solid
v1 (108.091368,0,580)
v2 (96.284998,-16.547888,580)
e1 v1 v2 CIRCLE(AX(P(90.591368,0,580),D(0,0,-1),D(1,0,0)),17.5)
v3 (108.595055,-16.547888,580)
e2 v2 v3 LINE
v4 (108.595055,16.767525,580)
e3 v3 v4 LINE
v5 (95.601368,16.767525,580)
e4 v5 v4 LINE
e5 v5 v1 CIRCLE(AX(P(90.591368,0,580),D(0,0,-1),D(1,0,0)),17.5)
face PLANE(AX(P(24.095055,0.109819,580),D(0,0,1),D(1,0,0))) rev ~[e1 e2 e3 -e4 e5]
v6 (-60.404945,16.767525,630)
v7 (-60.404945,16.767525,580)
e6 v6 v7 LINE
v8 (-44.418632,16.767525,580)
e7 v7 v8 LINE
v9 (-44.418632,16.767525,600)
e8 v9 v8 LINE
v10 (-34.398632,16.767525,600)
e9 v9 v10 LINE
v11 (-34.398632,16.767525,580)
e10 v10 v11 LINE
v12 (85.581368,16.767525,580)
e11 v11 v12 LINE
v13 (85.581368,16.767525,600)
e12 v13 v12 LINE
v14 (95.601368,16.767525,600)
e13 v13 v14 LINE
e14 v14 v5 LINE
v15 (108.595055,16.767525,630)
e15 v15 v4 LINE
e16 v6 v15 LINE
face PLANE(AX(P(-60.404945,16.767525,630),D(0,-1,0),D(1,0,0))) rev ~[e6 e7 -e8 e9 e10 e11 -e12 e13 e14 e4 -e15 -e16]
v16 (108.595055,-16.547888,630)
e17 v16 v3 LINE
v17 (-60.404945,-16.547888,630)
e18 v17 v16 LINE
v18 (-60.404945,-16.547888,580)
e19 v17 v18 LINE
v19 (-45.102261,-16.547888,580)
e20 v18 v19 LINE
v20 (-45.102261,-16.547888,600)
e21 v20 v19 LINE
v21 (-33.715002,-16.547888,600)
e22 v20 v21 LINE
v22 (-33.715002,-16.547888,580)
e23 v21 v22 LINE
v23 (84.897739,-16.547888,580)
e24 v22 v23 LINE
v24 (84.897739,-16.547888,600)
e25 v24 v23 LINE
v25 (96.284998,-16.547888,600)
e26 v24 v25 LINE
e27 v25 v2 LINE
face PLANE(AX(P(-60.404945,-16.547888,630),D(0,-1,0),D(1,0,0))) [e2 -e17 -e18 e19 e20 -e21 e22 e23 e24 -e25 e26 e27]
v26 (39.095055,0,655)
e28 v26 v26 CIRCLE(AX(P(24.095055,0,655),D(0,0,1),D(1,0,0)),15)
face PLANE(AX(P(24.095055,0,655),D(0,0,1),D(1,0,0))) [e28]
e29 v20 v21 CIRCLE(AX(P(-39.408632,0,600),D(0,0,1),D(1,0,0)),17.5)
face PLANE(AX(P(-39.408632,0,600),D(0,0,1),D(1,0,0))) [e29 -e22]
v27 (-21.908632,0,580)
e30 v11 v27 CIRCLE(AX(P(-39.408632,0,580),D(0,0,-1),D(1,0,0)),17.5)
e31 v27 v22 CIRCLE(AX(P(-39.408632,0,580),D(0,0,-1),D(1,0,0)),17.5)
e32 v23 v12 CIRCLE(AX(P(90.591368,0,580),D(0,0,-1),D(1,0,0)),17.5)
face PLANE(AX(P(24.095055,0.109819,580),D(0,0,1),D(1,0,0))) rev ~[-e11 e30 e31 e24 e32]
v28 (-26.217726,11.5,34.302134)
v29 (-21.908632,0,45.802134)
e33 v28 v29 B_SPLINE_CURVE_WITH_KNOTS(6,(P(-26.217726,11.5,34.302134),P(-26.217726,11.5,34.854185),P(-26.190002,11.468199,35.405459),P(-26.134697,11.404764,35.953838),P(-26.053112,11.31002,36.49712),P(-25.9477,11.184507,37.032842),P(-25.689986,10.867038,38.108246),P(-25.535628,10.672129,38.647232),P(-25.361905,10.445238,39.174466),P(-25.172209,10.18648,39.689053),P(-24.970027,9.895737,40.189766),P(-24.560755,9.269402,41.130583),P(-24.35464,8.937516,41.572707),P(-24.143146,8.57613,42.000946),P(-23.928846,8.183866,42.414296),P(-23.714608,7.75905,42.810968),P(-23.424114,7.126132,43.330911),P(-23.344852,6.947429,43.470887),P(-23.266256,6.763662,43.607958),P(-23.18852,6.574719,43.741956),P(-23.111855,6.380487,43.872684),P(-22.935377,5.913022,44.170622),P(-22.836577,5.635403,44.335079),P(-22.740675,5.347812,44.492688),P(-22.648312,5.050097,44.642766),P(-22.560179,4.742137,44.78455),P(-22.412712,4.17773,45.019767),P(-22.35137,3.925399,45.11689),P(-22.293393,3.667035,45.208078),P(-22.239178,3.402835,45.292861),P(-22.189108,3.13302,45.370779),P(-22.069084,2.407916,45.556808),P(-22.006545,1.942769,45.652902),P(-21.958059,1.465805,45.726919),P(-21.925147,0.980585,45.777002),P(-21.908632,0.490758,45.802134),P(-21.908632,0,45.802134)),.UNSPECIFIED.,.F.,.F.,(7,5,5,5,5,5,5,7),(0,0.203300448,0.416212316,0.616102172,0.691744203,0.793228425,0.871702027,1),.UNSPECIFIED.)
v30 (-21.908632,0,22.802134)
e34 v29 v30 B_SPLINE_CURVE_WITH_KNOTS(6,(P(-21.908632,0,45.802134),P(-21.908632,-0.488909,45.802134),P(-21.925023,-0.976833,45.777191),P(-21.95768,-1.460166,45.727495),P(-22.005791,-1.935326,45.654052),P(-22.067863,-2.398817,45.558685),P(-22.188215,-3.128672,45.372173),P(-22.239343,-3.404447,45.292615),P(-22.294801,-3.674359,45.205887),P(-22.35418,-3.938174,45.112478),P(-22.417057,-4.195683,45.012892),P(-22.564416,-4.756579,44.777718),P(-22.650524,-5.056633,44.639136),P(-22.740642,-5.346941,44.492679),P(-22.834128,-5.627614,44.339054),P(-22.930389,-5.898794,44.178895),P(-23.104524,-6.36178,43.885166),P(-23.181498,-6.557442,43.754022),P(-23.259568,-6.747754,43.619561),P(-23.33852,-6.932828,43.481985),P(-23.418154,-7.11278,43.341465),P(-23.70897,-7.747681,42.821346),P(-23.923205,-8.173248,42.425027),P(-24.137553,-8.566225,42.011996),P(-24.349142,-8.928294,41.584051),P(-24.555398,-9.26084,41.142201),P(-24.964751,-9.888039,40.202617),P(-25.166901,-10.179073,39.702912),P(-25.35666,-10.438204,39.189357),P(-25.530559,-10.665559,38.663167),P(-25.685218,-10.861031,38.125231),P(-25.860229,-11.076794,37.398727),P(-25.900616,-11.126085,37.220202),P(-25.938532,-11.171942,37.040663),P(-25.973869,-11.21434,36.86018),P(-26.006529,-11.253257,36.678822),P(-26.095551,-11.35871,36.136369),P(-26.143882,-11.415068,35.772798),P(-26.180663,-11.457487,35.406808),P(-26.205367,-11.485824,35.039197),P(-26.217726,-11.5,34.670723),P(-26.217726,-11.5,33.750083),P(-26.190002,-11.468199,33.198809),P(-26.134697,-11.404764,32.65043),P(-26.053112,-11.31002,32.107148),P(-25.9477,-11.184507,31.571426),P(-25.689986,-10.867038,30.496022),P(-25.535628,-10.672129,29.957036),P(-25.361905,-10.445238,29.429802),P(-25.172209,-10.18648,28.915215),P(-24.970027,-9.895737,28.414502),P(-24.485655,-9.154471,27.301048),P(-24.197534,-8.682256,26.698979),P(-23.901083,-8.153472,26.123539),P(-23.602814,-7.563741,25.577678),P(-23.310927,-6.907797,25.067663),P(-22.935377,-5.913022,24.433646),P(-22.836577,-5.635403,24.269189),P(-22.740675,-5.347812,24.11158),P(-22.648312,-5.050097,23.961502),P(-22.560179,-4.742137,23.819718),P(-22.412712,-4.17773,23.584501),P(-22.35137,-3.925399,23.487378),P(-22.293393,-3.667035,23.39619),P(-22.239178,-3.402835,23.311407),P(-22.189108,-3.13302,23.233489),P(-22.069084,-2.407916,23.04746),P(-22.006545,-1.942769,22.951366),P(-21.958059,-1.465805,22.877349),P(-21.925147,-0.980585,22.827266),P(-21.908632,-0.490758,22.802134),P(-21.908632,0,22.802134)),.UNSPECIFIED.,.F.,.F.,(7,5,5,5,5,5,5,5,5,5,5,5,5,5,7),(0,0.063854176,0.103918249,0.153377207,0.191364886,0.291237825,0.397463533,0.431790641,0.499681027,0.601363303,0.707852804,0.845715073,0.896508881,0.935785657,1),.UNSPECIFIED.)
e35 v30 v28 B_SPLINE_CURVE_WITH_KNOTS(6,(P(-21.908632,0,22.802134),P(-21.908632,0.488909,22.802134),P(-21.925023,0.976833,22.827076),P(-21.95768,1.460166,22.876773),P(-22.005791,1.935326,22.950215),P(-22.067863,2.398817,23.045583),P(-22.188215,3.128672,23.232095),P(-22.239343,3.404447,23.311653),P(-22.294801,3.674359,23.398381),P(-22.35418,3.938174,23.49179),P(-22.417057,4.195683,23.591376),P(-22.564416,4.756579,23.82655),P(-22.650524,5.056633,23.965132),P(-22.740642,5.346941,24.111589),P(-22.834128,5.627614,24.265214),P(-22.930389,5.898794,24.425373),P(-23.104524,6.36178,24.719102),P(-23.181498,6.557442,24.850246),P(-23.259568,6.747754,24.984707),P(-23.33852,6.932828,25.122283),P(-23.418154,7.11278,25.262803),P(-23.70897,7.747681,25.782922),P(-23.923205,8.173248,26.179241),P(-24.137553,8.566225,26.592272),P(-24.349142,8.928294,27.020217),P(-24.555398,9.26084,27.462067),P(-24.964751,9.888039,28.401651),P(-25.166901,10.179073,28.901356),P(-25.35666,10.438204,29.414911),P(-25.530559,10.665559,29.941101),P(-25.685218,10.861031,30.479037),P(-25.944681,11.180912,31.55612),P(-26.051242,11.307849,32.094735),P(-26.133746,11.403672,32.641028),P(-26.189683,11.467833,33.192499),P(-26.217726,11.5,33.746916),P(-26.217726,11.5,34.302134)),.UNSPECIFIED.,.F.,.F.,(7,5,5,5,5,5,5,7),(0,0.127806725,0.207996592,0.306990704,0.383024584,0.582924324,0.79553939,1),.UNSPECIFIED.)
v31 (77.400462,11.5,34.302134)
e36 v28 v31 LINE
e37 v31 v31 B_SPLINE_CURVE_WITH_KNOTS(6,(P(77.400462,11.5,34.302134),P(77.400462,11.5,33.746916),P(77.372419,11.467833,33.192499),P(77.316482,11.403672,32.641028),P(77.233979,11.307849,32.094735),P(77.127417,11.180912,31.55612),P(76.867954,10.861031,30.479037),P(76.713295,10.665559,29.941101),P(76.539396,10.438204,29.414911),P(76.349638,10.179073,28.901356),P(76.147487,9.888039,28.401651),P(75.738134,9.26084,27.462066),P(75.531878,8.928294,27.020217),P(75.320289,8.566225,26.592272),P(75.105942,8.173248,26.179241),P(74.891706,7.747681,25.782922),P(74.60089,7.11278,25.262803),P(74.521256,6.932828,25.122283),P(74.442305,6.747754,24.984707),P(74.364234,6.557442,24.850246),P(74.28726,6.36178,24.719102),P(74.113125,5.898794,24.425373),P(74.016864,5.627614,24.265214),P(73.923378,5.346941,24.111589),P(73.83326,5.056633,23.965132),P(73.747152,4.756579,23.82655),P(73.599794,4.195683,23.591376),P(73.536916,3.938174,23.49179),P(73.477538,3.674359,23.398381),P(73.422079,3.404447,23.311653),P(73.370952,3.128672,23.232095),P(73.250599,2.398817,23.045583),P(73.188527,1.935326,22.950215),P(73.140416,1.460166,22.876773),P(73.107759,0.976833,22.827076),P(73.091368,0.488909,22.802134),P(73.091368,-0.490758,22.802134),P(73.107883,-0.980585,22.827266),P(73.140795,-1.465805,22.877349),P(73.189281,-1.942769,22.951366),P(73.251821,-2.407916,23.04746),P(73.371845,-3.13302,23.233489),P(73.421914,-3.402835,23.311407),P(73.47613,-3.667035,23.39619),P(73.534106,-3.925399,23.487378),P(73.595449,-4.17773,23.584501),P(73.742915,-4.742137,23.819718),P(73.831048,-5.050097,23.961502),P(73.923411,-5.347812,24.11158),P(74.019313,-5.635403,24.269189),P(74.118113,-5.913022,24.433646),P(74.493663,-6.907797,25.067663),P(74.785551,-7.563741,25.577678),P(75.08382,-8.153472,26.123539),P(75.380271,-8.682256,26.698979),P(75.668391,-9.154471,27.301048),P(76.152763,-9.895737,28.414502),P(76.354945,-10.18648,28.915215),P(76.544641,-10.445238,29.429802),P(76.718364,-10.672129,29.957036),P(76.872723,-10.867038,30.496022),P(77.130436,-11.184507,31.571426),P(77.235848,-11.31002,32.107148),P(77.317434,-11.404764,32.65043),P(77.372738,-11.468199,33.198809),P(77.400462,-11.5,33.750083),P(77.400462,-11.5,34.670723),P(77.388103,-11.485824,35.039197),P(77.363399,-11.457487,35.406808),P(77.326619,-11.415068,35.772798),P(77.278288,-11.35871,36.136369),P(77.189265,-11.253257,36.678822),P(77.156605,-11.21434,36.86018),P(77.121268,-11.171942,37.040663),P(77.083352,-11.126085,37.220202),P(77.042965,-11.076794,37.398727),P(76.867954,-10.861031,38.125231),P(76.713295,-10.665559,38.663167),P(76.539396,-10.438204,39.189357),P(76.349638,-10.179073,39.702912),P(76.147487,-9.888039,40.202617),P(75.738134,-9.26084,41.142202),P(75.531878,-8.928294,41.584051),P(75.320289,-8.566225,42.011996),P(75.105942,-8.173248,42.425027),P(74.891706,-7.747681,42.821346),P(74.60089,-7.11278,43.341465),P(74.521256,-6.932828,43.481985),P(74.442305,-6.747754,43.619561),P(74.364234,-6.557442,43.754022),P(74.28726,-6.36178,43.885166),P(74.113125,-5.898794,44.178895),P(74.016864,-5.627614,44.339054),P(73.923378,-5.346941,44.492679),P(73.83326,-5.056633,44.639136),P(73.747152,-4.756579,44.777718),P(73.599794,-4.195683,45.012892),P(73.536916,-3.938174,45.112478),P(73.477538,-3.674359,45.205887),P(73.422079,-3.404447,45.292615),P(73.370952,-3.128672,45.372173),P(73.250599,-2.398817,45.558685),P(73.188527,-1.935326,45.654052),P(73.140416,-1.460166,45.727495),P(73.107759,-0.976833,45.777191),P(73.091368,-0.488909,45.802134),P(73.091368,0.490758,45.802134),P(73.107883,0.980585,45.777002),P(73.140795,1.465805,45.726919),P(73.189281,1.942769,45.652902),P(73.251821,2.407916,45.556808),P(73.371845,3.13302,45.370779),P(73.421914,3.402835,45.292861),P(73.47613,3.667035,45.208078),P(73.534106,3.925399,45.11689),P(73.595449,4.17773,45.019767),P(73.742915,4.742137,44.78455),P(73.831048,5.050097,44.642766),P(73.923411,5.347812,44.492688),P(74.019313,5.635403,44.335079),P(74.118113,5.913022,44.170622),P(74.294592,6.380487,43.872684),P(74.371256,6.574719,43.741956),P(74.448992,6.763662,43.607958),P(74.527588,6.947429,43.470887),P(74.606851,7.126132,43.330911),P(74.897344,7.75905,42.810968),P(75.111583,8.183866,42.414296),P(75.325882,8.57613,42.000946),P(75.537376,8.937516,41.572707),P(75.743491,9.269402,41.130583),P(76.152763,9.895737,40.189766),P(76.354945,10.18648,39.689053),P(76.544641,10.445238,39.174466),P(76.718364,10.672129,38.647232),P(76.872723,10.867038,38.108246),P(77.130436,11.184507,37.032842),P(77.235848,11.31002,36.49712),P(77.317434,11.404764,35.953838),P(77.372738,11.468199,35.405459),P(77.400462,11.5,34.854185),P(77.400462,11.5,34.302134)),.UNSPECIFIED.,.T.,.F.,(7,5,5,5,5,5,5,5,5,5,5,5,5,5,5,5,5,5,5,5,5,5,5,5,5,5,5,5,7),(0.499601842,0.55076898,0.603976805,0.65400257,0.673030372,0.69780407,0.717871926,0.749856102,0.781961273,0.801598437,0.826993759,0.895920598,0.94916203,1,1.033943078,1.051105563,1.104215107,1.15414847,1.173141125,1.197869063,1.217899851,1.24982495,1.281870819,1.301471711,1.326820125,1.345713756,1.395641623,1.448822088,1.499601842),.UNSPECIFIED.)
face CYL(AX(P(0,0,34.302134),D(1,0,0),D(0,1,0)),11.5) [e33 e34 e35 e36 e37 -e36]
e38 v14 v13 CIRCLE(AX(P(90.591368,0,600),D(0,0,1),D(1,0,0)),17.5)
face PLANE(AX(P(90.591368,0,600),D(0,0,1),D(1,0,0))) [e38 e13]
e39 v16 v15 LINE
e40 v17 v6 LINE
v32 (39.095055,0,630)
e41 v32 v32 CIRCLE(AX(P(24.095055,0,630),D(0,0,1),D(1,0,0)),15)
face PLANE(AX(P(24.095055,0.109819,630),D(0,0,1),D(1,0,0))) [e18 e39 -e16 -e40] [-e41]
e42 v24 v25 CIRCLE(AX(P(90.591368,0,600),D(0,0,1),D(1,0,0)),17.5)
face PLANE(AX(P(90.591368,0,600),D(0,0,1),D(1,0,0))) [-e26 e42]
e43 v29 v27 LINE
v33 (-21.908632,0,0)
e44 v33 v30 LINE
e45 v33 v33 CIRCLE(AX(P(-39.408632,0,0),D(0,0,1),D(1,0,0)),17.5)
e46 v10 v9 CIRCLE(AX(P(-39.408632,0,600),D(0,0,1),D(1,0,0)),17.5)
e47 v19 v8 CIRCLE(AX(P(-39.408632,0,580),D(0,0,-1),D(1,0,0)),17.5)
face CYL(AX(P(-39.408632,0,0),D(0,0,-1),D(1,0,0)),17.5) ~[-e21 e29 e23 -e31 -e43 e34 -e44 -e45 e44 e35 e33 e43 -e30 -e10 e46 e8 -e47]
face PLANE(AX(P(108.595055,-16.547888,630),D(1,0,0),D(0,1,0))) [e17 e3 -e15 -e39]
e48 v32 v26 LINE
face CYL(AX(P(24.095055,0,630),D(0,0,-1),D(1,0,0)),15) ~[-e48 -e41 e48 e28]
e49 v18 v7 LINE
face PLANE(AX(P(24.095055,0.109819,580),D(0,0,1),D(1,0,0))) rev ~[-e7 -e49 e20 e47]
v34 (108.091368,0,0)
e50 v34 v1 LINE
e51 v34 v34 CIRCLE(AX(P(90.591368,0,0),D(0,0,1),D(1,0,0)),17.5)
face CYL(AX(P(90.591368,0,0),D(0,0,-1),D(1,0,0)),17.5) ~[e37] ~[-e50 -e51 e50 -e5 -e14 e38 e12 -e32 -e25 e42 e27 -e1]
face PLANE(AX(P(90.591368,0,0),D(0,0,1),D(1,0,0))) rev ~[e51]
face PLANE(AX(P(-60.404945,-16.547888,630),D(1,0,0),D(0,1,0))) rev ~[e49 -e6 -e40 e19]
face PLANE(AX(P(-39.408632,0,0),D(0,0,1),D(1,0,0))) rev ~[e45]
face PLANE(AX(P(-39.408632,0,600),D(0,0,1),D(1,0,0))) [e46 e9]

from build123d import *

# Parameters (mm, degrees)
F0_R          = 17.5
F1_DEPTH      = 600
F2_R          = 11.5
F3_DEPTH      = 77.4004622785
F3_DEPTH_BACK = 26.2177260049
F5_W          = 169
F5_H          = 33.3154127554
F6_DEPTH      = 50
F7_R          = 15
F8_DEPTH      = 25


with BuildPart() as f1:
    # F0 (on Top) → F1 (new body)
    with BuildSketch(Plane.XY):
        with Locations((-39.4086318632, 0)):
            Circle(F0_R)
    extrude(amount=F1_DEPTH)



with BuildPart() as f1b:
    # F0 (on Top) → F1, piece 2 (new body)
    with BuildSketch(Plane.XY):
        with Locations((90.5913681368, 0)):
            Circle(F0_R)
    extrude(amount=F1_DEPTH)


with BuildPart() as f1_1:
    add(f1.part)

    add(f1b.part)  # F3 merges F1b
    # F2 (on Right) → F3 (join, two sides)
    with BuildSketch(Plane.YZ) as f3_sk:
        with Locations((0, 34.3021339912)):
            Circle(F2_R)
    extrude(amount=F3_DEPTH)
    extrude(f3_sk.sketch, amount=-F3_DEPTH_BACK)

    # F5 (on offset) → F6 (join)
    with BuildSketch(Plane.XY.offset(630)):
        with Locations((24.0950547159, 0.109818764)):
            Rectangle(F5_W, F5_H)
    extrude(amount=-F6_DEPTH)

    # F7 (on face) → F8 (join)
    with BuildSketch(Plane.XY.offset(630)):
        with Locations((24.0950547159, 0)):
            Circle(F7_R)
    extrude(amount=F8_DEPTH)


solid = f1_1.part
